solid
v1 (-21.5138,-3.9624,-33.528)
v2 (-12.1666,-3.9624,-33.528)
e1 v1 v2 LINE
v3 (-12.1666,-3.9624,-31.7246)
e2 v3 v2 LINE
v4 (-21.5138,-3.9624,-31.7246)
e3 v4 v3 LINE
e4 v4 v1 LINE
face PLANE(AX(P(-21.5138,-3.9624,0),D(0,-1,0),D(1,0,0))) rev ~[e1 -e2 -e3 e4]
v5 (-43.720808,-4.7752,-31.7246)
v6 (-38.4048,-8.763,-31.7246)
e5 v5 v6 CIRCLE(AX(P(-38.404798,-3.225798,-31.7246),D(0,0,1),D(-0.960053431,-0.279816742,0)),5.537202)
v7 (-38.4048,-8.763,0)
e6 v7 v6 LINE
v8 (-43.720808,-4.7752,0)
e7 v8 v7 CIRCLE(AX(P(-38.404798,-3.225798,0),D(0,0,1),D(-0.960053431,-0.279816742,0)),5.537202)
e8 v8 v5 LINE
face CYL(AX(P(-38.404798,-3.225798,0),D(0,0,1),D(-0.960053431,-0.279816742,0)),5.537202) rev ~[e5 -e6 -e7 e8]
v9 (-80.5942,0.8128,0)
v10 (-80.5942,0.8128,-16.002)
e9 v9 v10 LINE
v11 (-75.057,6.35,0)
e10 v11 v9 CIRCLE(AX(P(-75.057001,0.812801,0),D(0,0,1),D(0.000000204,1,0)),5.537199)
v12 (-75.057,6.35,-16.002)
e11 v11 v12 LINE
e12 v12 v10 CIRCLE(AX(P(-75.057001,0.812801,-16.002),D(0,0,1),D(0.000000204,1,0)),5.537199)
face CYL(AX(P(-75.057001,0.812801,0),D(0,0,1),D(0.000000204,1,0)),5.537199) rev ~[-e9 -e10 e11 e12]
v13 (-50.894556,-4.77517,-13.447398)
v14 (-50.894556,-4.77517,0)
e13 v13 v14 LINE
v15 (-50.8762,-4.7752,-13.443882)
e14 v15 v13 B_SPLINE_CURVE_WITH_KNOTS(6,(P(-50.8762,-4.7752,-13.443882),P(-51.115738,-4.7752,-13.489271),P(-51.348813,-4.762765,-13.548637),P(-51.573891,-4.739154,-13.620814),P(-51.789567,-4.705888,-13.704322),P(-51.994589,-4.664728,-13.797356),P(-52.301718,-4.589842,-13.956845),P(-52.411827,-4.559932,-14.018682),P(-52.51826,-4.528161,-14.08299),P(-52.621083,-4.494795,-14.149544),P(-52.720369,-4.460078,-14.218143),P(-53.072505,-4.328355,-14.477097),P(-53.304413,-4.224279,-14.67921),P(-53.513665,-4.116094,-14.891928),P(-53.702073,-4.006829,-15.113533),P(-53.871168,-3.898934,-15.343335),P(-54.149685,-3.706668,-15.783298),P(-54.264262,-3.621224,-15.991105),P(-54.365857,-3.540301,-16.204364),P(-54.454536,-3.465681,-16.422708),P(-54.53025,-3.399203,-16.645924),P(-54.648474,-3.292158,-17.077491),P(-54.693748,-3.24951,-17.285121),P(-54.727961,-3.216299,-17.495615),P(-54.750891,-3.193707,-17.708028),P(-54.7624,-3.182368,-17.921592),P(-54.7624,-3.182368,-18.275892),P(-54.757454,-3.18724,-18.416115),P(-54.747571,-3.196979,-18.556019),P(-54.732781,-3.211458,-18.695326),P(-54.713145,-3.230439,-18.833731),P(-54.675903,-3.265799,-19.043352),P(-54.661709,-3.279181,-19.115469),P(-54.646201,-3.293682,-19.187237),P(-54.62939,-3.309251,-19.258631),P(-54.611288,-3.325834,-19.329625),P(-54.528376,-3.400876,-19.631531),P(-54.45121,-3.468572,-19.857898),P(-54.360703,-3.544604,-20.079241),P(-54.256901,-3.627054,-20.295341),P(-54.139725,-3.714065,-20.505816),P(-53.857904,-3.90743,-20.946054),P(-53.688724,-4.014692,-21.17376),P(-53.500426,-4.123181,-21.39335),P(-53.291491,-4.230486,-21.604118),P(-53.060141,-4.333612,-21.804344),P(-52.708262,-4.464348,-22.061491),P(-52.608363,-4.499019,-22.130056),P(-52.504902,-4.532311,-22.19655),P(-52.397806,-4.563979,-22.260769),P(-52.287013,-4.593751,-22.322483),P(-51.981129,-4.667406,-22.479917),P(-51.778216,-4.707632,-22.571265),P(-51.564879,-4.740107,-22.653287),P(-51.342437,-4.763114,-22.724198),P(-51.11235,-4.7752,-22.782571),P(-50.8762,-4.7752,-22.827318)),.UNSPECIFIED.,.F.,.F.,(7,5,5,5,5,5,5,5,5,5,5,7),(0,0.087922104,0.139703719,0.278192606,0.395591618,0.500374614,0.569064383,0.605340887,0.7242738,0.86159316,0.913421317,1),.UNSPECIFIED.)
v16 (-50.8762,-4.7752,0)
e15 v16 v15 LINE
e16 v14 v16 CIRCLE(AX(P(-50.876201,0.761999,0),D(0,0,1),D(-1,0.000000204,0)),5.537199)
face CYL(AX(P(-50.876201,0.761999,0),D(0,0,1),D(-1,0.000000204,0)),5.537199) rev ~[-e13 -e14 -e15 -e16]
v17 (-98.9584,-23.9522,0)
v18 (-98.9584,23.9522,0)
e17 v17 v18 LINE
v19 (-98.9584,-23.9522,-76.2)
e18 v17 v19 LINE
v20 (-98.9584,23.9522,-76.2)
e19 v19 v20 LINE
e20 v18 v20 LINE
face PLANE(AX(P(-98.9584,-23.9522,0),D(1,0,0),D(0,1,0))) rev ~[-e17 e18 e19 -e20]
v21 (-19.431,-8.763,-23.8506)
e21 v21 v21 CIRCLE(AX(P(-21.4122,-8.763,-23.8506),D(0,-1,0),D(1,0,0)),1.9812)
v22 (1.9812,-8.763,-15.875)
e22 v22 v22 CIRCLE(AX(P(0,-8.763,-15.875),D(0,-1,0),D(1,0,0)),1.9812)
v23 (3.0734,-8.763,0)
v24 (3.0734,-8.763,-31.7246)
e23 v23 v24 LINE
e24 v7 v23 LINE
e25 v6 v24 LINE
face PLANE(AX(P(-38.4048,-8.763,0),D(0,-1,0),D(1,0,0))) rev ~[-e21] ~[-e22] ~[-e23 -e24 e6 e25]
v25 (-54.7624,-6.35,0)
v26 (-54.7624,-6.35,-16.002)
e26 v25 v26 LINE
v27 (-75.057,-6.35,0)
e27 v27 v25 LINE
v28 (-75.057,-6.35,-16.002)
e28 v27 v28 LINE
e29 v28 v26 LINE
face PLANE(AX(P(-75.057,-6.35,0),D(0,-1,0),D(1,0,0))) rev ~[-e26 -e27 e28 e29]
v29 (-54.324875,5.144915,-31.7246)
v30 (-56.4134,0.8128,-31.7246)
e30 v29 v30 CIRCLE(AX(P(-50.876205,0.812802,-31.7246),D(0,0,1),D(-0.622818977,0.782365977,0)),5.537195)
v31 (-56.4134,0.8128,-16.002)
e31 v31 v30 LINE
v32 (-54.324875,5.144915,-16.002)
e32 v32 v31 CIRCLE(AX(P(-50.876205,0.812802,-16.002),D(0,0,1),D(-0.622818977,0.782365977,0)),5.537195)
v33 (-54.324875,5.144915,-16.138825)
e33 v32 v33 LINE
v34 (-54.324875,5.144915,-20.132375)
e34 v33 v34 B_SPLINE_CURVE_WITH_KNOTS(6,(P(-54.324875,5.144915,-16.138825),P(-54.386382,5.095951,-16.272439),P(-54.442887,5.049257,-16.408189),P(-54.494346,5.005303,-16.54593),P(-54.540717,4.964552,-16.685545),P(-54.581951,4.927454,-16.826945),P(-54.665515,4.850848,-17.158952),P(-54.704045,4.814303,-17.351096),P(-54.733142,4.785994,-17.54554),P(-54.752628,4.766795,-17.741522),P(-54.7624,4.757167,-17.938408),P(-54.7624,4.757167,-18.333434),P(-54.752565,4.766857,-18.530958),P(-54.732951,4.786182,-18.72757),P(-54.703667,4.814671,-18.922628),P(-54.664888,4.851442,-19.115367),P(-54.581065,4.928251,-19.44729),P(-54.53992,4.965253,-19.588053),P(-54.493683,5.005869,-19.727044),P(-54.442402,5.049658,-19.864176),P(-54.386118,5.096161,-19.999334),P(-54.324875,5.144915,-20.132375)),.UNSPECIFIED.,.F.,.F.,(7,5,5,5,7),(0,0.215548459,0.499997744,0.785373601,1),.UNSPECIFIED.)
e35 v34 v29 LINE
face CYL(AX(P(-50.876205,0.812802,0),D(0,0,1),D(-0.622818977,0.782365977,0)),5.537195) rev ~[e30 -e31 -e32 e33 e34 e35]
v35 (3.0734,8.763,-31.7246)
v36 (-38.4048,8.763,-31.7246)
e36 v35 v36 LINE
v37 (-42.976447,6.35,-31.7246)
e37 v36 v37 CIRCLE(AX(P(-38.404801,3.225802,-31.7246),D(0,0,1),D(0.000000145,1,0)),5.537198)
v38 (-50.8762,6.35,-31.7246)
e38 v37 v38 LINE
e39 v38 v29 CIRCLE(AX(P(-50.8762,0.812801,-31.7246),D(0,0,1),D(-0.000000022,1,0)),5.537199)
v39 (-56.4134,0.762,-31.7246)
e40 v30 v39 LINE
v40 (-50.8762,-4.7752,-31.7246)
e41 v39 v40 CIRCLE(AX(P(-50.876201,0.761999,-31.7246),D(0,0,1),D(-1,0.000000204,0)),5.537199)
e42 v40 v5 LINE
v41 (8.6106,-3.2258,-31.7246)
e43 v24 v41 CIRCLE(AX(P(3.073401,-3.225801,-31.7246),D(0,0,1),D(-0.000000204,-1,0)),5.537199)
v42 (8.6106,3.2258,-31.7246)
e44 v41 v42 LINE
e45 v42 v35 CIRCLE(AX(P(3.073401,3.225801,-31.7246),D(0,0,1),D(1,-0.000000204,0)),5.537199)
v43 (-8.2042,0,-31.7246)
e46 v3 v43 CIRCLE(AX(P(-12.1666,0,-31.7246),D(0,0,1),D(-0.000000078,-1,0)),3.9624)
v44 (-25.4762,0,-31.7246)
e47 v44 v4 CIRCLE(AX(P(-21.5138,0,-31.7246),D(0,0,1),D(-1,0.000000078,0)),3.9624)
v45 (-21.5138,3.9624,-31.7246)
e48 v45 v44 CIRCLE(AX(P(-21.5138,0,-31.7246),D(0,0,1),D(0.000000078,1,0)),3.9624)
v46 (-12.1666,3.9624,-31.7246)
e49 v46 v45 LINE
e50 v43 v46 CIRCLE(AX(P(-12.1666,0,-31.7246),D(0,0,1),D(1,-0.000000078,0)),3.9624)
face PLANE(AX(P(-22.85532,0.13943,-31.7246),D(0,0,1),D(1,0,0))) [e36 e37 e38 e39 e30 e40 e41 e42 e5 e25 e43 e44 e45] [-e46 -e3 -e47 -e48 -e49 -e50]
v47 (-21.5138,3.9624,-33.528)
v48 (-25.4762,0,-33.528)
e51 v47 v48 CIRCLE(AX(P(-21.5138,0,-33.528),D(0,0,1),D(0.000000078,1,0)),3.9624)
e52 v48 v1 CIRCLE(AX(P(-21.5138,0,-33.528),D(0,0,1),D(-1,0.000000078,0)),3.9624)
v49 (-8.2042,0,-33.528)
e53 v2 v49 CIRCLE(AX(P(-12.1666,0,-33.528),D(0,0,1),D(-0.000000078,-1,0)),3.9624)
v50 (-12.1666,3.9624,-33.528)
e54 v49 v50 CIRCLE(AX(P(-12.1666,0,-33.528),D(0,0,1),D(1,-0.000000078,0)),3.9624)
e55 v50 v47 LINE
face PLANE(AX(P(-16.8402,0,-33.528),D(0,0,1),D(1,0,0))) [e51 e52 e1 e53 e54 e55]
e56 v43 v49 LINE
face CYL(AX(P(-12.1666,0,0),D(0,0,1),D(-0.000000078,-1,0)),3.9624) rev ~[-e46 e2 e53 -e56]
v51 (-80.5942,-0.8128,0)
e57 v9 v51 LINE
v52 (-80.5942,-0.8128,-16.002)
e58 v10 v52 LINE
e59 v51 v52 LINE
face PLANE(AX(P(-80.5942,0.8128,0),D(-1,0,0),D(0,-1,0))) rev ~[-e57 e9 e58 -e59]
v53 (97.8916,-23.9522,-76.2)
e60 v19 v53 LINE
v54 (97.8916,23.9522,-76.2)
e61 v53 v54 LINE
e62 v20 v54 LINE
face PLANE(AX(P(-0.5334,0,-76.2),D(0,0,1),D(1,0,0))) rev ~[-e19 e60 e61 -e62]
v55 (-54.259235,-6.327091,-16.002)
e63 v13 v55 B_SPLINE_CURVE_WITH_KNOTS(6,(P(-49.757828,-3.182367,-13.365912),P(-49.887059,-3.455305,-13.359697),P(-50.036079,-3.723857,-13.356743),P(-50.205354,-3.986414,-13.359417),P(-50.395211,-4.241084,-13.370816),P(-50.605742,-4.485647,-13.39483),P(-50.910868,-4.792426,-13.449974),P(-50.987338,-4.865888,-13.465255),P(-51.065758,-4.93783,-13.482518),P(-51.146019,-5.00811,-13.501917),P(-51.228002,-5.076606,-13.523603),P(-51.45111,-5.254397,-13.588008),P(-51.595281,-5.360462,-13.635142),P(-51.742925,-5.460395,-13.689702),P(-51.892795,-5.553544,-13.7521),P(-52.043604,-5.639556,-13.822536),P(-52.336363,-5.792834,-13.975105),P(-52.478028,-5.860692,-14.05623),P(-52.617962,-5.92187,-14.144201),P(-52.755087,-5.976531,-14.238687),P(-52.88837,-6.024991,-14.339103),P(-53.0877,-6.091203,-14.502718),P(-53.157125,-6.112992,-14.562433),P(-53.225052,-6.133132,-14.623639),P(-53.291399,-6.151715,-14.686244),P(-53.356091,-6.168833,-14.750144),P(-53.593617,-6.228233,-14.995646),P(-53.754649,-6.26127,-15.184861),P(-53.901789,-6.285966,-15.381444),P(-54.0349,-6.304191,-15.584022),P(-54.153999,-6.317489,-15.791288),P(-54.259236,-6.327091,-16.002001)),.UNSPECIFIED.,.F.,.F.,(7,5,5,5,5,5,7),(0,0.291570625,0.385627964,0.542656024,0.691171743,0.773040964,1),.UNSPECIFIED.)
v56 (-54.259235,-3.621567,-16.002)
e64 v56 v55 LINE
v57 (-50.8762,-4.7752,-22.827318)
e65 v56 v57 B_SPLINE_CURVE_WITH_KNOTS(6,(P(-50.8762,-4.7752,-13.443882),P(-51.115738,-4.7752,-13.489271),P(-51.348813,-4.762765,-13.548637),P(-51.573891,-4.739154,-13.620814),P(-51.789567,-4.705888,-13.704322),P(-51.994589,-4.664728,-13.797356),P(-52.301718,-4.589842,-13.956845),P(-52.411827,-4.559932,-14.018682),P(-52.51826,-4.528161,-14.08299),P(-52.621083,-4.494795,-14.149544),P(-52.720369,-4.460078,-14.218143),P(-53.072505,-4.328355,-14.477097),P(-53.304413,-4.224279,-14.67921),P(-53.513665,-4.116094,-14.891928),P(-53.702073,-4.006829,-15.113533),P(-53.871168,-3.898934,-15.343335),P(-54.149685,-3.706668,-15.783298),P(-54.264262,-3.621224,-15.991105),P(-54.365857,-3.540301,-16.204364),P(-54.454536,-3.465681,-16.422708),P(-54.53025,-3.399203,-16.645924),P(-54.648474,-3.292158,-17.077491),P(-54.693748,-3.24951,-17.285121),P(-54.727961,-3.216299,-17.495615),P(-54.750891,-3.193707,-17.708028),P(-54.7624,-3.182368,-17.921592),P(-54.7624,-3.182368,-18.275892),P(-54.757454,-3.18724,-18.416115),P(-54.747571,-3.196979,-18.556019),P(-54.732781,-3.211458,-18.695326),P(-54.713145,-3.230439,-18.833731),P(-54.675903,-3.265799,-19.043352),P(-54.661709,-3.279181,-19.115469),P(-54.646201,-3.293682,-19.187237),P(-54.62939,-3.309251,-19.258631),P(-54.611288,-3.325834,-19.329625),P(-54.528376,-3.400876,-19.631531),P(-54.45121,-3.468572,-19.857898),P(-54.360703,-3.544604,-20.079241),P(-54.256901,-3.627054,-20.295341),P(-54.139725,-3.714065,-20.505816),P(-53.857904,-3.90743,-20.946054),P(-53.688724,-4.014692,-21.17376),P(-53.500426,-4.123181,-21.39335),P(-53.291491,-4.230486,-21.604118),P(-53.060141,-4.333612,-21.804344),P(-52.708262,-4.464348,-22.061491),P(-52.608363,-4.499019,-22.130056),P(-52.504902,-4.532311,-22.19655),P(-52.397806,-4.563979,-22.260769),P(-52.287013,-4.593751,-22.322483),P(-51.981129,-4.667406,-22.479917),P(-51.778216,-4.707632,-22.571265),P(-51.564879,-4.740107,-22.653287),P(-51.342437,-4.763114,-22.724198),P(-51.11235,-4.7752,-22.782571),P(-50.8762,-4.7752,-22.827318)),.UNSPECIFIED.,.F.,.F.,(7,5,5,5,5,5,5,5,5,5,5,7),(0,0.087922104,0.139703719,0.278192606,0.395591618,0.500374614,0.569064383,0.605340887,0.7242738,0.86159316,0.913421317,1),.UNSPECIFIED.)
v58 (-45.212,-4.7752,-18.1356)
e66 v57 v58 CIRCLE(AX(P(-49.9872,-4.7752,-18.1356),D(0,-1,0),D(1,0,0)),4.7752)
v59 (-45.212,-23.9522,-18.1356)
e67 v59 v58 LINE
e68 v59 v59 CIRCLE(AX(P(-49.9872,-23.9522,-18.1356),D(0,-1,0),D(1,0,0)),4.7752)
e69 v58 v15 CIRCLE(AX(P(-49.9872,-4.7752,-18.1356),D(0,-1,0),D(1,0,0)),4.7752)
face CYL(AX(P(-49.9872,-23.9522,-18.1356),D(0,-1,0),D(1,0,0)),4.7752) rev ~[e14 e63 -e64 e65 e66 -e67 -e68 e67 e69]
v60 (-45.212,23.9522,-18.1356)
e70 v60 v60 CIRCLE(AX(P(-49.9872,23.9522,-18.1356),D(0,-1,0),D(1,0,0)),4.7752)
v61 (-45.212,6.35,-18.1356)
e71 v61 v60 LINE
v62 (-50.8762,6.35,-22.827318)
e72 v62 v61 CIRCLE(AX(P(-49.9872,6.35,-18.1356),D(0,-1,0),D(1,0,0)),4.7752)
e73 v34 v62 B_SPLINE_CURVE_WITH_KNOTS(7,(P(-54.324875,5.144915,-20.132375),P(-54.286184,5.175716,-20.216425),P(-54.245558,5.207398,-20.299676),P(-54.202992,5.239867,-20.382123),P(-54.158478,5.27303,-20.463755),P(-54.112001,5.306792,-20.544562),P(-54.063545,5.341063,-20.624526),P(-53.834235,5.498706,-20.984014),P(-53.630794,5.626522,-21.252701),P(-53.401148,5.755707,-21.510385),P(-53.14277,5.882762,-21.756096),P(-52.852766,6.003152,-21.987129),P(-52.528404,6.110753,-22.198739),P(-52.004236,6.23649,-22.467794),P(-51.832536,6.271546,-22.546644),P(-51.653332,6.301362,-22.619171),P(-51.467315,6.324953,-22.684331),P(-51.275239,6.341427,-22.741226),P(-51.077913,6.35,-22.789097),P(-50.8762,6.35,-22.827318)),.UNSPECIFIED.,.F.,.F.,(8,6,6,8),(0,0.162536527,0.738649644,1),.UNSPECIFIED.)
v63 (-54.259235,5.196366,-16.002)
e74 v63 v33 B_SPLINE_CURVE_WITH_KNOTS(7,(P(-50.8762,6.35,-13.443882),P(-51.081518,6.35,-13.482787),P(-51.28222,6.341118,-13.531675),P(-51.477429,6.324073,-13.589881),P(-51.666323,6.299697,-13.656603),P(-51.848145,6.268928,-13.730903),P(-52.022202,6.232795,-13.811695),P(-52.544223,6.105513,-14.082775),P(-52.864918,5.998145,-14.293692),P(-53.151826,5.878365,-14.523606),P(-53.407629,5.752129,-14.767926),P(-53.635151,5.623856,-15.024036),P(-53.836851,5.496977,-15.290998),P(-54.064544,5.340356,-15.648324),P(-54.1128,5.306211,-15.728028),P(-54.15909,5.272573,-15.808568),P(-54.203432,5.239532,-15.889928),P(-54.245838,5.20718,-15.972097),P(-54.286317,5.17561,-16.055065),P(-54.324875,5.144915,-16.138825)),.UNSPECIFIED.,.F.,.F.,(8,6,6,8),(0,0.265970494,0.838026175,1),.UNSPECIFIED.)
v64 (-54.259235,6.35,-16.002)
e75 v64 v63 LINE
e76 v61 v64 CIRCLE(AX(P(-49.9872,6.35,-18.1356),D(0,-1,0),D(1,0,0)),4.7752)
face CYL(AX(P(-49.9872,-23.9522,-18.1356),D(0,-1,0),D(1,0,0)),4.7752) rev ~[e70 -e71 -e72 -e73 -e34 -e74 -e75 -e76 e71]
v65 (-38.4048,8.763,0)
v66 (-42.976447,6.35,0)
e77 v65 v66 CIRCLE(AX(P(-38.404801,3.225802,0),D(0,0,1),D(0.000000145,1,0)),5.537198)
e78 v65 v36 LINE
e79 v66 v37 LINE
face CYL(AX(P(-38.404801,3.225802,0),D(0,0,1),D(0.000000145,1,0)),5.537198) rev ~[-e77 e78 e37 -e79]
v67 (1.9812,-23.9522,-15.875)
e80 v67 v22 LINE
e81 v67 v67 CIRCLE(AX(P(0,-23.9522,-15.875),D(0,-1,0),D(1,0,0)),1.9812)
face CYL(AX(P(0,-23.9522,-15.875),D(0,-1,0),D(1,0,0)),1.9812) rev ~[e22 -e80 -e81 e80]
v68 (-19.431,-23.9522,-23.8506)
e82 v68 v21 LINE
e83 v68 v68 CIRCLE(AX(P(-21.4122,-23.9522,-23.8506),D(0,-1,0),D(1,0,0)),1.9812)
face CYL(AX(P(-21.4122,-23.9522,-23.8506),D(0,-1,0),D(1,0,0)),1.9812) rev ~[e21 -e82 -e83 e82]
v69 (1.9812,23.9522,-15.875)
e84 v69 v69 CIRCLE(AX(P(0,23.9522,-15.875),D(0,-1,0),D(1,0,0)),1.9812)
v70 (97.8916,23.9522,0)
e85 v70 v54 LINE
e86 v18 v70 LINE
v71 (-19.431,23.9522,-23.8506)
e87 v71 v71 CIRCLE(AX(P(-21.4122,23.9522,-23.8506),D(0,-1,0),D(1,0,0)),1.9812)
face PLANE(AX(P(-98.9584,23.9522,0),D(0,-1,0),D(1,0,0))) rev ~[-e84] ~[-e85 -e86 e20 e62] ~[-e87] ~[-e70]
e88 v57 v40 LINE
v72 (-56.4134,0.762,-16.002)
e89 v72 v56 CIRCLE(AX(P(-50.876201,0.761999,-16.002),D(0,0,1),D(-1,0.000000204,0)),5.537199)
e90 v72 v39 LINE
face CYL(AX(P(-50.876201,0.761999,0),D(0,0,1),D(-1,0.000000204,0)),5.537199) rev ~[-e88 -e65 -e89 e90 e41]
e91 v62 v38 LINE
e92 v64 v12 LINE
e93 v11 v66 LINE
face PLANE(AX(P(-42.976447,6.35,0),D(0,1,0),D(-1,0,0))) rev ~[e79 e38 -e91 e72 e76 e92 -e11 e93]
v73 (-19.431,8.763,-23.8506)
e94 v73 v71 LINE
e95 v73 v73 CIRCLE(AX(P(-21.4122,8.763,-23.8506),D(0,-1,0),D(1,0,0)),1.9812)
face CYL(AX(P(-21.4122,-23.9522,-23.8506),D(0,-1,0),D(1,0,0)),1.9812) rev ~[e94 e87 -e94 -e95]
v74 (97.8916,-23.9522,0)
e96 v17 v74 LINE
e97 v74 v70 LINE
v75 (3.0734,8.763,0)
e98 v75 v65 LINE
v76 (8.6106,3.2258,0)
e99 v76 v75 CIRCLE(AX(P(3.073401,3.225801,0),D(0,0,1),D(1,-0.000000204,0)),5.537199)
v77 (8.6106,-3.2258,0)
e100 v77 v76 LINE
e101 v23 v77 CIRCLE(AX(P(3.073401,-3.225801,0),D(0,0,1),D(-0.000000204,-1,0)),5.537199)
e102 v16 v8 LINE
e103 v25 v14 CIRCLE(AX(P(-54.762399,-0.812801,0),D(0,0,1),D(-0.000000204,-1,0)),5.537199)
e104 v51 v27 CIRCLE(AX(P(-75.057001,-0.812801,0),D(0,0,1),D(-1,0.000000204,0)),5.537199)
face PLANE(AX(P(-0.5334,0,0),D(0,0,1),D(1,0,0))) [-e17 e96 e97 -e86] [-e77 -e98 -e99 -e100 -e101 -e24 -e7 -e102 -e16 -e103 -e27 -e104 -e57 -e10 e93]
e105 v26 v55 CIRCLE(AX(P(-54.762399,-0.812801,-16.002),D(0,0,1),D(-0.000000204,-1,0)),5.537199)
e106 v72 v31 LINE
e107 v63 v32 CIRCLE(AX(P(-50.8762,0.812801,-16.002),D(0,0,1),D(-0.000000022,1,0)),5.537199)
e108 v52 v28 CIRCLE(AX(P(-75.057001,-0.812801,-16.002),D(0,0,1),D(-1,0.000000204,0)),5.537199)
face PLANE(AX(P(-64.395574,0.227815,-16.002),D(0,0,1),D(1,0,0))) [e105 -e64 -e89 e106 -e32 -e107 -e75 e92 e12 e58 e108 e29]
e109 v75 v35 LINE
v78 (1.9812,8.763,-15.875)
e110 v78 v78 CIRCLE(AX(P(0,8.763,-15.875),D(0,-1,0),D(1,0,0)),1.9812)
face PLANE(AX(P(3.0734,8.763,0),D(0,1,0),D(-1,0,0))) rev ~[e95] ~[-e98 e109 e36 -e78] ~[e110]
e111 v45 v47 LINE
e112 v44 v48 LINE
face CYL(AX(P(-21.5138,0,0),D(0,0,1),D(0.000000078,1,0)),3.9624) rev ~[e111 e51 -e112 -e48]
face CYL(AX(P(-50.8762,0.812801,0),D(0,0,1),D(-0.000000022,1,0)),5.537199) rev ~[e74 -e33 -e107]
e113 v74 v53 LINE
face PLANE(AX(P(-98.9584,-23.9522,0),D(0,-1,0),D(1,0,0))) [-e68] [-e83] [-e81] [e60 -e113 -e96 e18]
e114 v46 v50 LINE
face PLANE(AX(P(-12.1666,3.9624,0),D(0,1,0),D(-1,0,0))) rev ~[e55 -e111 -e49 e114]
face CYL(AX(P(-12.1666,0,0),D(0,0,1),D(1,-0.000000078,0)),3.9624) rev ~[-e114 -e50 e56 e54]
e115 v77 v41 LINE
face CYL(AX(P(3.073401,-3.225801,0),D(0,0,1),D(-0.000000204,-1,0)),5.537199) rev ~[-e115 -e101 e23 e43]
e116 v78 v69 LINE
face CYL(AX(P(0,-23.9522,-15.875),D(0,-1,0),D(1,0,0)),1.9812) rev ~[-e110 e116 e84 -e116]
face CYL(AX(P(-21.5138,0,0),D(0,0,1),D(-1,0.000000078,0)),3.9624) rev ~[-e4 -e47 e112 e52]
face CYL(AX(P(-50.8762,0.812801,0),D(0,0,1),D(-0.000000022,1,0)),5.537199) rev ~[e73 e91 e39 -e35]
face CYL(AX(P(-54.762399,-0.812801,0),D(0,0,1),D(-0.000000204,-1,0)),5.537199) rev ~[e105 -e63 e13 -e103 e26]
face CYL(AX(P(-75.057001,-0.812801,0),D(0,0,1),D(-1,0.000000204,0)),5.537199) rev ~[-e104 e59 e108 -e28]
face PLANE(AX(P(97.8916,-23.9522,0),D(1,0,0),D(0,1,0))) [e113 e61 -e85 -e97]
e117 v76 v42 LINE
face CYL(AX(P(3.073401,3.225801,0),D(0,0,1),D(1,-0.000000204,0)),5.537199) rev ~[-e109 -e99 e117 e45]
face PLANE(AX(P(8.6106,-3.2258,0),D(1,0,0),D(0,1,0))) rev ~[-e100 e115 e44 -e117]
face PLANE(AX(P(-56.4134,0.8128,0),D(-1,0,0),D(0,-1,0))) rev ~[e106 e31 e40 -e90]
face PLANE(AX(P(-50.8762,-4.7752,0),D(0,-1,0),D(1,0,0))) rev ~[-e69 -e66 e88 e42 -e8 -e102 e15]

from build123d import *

# Parameters (mm, degrees)
F0_W     = 196.85
F0_H     = 47.9044
F1_DEPTH = 76.2
F2_R     = 4.7752
F2_R_2   = 1.9812
F3_DEPTH = 47.9054
F5_DEPTH = 31.7246
F7_DEPTH = 16.002
F9_DEPTH = 33.528


with BuildPart() as f1:
    # F0 (on Top) → F1 (new body)
    with BuildSketch(Plane.XY):
        with Locations((-0.5334, 0)):
            Rectangle(F0_W, F0_H)
    extrude(amount=-F1_DEPTH)

    # F2 (on face) → F3 (cut, through all)
    with BuildSketch(Plane.XZ.offset(23.9522)):
        with Locations((-49.9872, -18.1356)):
            Circle(F2_R)
        with Locations((-21.4122, -23.8506)):
            Circle(F2_R_2)
        with Locations((0, -15.875)):
            Circle(F2_R_2)
    extrude(amount=-F3_DEPTH, mode=Mode.SUBTRACT)

    # F4 (on face) → F5 (cut)
    with BuildSketch(Plane.XY):
        with BuildLine():
            ThreePointArc((8.6106, 3.2258), (6.988792, 7.141192), (3.0734, 8.763))
            Line((3.0734, 8.763), (-38.4048, 8.763))
            ThreePointArc((-38.4048, 8.763), (-40.989492, 8.122733), (-42.976447, 6.35))
            Line((-42.976447, 6.35), (-50.8762, 6.35))
            ThreePointArc((-50.8762, 6.35), (-52.702781, 6.040054), (-54.324875, 5.144915))
            ThreePointArc((-54.324875, 5.144915), (-55.864015, 3.217439), (-56.4134, 0.8128))
            Line((-56.4134, 0.8128), (-56.4134, 0.762))
            ThreePointArc((-56.4134, 0.762), (-54.791592, -3.153392), (-50.8762, -4.7752))
            Line((-50.8762, -4.7752), (-43.720808, -4.7752))
            ThreePointArc((-43.720808, -4.7752), (-41.727543, -7.655242), (-38.4048, -8.763))
            Line((-38.4048, -8.763), (3.0734, -8.763))
            ThreePointArc((3.0734, -8.763), (6.988792, -7.141192), (8.6106, -3.2258))
            Line((8.6106, -3.2258), (8.6106, 3.2258))
        make_face()
    extrude(amount=-F5_DEPTH, mode=Mode.SUBTRACT)

    # F6 (on face) → F7 (cut)
    with BuildSketch(Plane.XY):
        with BuildLine():
            Line((-49.2252, 6.35), (-75.057, 6.35))
            ThreePointArc((-75.057, 6.35), (-78.972392, 4.728192), (-80.5942, 0.8128))
            Line((-80.5942, 0.8128), (-80.5942, -0.8128))
            ThreePointArc((-80.5942, -0.8128), (-78.972392, -4.728192), (-75.057, -6.35))
            Line((-75.057, -6.35), (-54.7624, -6.35))
            ThreePointArc((-54.7624, -6.35), (-50.847008, -4.728192), (-49.2252, -0.8128))
            Line((-49.2252, -0.8128), (-49.2252, 6.35))
        make_face()
    extrude(amount=-F7_DEPTH, mode=Mode.SUBTRACT)

    # F8 (on face) → F9 (cut)
    with BuildSketch(Plane.XY):
        with BuildLine():
            Line((-12.1666, 3.9624), (-21.5138, 3.9624))
            ThreePointArc((-21.5138, 3.9624), (-24.31564, 2.80184), (-25.4762, 0))
            ThreePointArc((-25.4762, 0), (-24.31564, -2.80184), (-21.5138, -3.9624))
            Line((-21.5138, -3.9624), (-12.1666, -3.9624))
            ThreePointArc((-12.1666, -3.9624), (-9.36476, -2.80184), (-8.2042, 0))
            ThreePointArc((-8.2042, 0), (-9.36476, 2.80184), (-12.1666, 3.9624))
        make_face()
    extrude(amount=-F9_DEPTH, mode=Mode.SUBTRACT)


solid = f1.part
